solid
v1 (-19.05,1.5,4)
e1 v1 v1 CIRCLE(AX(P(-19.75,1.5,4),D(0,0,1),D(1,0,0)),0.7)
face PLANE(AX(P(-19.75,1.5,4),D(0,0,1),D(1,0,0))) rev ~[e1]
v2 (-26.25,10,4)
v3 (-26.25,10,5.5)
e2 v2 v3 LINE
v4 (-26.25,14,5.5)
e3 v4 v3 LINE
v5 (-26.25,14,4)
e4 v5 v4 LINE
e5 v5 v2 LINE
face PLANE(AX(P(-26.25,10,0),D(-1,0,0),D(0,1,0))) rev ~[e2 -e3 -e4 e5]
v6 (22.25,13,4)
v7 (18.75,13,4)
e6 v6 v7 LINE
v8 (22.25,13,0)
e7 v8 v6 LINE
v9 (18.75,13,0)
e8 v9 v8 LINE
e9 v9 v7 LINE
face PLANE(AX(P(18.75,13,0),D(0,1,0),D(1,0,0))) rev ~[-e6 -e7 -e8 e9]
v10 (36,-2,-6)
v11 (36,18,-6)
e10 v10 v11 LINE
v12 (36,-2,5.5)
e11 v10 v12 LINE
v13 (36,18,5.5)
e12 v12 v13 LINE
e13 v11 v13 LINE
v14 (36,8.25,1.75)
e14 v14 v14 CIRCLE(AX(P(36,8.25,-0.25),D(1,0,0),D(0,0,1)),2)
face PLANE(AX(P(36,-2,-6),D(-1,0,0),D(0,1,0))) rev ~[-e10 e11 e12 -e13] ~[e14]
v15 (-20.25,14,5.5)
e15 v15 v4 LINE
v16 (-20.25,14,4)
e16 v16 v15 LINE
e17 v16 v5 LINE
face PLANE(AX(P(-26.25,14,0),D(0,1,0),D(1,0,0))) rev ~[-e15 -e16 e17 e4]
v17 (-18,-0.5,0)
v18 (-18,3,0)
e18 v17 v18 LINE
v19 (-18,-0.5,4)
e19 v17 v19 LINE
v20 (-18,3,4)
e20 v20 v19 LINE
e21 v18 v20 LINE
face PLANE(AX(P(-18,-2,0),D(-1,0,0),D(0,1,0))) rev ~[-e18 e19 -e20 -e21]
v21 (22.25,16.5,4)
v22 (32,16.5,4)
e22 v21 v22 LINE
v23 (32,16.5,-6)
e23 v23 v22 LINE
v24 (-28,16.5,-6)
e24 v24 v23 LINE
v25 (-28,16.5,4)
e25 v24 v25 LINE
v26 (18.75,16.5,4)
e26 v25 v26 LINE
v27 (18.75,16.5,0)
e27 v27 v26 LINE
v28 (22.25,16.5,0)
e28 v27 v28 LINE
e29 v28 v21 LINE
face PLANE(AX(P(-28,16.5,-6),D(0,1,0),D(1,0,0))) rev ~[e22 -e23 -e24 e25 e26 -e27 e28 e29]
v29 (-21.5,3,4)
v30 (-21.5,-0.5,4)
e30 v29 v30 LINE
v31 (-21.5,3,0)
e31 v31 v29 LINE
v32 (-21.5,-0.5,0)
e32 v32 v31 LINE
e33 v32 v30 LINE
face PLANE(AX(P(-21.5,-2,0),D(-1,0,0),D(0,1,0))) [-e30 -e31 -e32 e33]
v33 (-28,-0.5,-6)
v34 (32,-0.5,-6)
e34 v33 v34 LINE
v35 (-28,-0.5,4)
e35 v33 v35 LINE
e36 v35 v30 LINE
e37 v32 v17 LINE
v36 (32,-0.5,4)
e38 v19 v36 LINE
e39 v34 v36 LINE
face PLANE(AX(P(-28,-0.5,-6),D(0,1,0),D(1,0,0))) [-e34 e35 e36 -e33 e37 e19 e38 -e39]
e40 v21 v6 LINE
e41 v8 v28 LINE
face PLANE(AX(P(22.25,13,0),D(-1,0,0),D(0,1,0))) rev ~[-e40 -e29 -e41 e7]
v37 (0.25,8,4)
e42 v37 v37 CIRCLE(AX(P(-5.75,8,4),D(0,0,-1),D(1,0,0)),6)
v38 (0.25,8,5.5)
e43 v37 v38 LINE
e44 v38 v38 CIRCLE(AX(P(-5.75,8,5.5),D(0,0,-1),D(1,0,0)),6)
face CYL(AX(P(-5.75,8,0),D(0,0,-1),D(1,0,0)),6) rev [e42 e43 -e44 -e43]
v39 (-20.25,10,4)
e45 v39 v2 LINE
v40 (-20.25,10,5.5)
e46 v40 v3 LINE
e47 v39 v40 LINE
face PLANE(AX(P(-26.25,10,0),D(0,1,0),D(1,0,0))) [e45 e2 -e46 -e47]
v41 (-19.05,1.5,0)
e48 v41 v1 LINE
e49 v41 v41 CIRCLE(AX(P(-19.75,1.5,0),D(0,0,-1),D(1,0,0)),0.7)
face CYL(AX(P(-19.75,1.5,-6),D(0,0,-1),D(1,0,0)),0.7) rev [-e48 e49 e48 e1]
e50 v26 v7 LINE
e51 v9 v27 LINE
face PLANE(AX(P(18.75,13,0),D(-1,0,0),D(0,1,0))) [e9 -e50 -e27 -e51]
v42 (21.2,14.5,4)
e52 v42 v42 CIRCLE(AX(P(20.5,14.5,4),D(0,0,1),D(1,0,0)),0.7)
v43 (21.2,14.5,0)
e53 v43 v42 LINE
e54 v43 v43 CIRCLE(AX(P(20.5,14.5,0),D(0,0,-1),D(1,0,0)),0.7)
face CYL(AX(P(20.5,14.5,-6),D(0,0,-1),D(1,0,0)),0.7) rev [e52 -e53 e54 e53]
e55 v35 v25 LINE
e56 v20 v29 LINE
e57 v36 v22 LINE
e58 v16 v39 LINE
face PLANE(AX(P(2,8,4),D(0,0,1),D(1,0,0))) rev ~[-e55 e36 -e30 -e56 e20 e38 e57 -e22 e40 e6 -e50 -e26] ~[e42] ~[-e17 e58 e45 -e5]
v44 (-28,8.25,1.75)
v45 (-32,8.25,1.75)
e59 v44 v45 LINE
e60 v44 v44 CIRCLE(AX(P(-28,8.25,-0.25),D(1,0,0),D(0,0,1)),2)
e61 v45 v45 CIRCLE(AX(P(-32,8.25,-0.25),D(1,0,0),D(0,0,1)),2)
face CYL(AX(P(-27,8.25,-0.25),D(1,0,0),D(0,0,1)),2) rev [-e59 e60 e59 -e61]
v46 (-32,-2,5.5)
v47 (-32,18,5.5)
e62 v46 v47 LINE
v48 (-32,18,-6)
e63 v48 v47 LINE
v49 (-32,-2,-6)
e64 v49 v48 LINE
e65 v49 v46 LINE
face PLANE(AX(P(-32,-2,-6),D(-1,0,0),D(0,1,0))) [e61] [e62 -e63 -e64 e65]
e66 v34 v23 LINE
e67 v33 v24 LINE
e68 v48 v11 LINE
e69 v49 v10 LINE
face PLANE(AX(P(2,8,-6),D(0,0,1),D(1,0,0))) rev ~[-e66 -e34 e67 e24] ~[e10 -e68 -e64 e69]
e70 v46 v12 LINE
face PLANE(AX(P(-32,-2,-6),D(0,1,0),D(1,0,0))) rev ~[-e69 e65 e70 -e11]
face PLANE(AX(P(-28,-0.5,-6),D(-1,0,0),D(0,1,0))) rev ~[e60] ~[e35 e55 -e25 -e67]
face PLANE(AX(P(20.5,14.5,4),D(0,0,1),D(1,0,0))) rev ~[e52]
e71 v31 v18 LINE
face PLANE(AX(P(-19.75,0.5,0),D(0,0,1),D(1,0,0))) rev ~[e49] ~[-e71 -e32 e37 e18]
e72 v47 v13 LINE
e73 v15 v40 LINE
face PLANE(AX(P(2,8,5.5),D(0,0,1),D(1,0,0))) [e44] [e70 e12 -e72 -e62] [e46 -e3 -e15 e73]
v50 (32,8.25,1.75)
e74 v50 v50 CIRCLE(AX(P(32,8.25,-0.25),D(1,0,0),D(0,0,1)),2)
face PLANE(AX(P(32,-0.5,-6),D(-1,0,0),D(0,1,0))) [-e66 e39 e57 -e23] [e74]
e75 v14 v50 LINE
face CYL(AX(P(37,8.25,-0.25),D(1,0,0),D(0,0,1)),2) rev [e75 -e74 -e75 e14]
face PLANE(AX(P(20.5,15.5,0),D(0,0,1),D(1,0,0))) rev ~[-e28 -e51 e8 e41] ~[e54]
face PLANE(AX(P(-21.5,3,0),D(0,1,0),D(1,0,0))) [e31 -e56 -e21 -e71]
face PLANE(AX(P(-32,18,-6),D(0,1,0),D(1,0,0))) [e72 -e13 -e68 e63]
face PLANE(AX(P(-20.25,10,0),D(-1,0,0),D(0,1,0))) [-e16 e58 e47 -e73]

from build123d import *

# Parameters (mm, degrees)
CYLINDER010_R     = 2
CYLINDER010_DEPTH = 10
CYLINDER011_R     = 2
CYLINDER011_DEPTH = 10
CYLINDER009_R     = 6
CYLINDER009_DEPTH = 10
BOX007_W          = 6
BOX007_H          = 4
BOX007_DEPTH      = 10
CYLINDER001_R     = 0.7
CYLINDER001_DEPTH = 10
CYLINDER_R        = 0.7
CYLINDER_DEPTH    = 10
BOX006_W          = 3.5
BOX006_H          = 5
BOX006_DEPTH      = 5
BOX005_W          = 3.5
BOX005_H          = 5
BOX005_DEPTH      = 5
CYLINDER007_R     = 3.2
CYLINDER007_DEPTH = 10
BOX004_W          = 60
BOX004_H          = 17
BOX004_DEPTH      = 10
BOX003_W          = 68
BOX003_H          = 20
BOX003_DEPTH      = 11.5


with BuildPart() as cylinder010:
    # Cylinder010 → Cylinder010 (new body)
    with BuildSketch(Plane(origin=(-27, 8.25, -0.25), x_dir=(0, 0, 1), z_dir=(-1, 0, 0))):
        Circle(CYLINDER010_R)
    extrude(amount=CYLINDER010_DEPTH)


with BuildPart() as fusion003006:
    # Cylinder011 → Cylinder011 (new body)
    with BuildSketch(Plane(origin=(37, 8.25, -0.25), x_dir=(0, 0, 1), z_dir=(-1, 0, 0))):
        Circle(CYLINDER011_R)
    extrude(amount=CYLINDER011_DEPTH)

    # Fusion003006: union Cylinder010
    add(cylinder010.part)


with BuildPart() as cylinder009:
    # Cylinder009 → Cylinder009 (new body)
    with BuildSketch(Plane(origin=(-5.75, 8, 0), x_dir=(1, 0, 0), z_dir=(0, 0, 1))):
        Circle(CYLINDER009_R)
    extrude(amount=CYLINDER009_DEPTH)


with BuildPart() as cube007:
    # Box007 → Box007 (new body)
    with BuildSketch(Plane(origin=(-26.25, 10, 0), x_dir=(1, 0, 0), z_dir=(0, 0, 1))):
        with Locations((3, 2)):
            Rectangle(BOX007_W, BOX007_H)
    extrude(amount=BOX007_DEPTH)


with BuildPart() as cylinder001:
    # Cylinder001 → Cylinder001 (new body)
    with BuildSketch(Plane(origin=(47.75, 14.5, 0), x_dir=(1, 0, 0), z_dir=(0, 0, 1))):
        Circle(CYLINDER001_R)
    extrude(amount=CYLINDER001_DEPTH)


with BuildPart() as fusion003003:
    # Cylinder → Cylinder (new body)
    with BuildSketch(Plane(origin=(7.5, 1.5, 0), x_dir=(1, 0, 0), z_dir=(0, 0, 1))):
        Circle(CYLINDER_R)
    extrude(amount=CYLINDER_DEPTH)

    # Fusion003003: union Cylinder001
    add(cylinder001.part)


with BuildPart() as fusion003003_1:
    # Fusion003003 placement: moved
    add(fusion003003.part.moved(Location((-27.25, 0, -6))))


with BuildPart() as cube006:
    # Box006 → Box006 (new body)
    with BuildSketch(Plane(origin=(18.75, 13, 0), x_dir=(1, 0, 0), z_dir=(0, 0, 1))):
        with Locations((1.75, 2.5)):
            Rectangle(BOX006_W, BOX006_H)
    extrude(amount=BOX006_DEPTH)


with BuildPart() as fusion003004:
    # Box005 → Box005 (new body)
    with BuildSketch(Plane(origin=(-21.5, -2, 0), x_dir=(1, 0, 0), z_dir=(0, 0, 1))):
        with Locations((1.75, 2.5)):
            Rectangle(BOX005_W, BOX005_H)
    extrude(amount=BOX005_DEPTH)

    # Fusion003004: union Cube006
    add(cube006.part)


with BuildPart() as cylinder007:
    # Cylinder007 → Cylinder007 (new body)
    with BuildSketch(Plane(origin=(-5.75, 8, 0), x_dir=(1, 0, 0), z_dir=(0, 0, 1))):
        Circle(CYLINDER007_R)
    extrude(amount=CYLINDER007_DEPTH)


with BuildPart() as cube004:
    # Box004 → Box004 (new body)
    with BuildSketch(Plane(origin=(-28, -0.5, -6), x_dir=(1, 0, 0), z_dir=(0, 0, 1))):
        with Locations((30, 8.5)):
            Rectangle(BOX004_W, BOX004_H)
    extrude(amount=BOX004_DEPTH)


with BuildPart() as cut007:
    # Box003 → Box003 (new body)
    with BuildSketch(Plane(origin=(-32, -2, -6), x_dir=(1, 0, 0), z_dir=(0, 0, 1))):
        with Locations((34, 10)):
            Rectangle(BOX003_W, BOX003_H)
    extrude(amount=BOX003_DEPTH)

    # Cut002: cut Cube004
    add(cube004.part, mode=Mode.SUBTRACT)

    # Cut003: cut Cylinder007
    add(cylinder007.part, mode=Mode.SUBTRACT)

    # Fusion003005: union Fusion003004
    add(fusion003004.part)

    # Cut004: cut Fusion003003
    add(fusion003003_1.part, mode=Mode.SUBTRACT)

    # Cut005: cut Cube007
    add(cube007.part, mode=Mode.SUBTRACT)

    # Cut006: cut Cylinder009
    add(cylinder009.part, mode=Mode.SUBTRACT)

    # Cut007: cut Fusion003006
    add(fusion003006.part, mode=Mode.SUBTRACT)


solid = cut007.part
